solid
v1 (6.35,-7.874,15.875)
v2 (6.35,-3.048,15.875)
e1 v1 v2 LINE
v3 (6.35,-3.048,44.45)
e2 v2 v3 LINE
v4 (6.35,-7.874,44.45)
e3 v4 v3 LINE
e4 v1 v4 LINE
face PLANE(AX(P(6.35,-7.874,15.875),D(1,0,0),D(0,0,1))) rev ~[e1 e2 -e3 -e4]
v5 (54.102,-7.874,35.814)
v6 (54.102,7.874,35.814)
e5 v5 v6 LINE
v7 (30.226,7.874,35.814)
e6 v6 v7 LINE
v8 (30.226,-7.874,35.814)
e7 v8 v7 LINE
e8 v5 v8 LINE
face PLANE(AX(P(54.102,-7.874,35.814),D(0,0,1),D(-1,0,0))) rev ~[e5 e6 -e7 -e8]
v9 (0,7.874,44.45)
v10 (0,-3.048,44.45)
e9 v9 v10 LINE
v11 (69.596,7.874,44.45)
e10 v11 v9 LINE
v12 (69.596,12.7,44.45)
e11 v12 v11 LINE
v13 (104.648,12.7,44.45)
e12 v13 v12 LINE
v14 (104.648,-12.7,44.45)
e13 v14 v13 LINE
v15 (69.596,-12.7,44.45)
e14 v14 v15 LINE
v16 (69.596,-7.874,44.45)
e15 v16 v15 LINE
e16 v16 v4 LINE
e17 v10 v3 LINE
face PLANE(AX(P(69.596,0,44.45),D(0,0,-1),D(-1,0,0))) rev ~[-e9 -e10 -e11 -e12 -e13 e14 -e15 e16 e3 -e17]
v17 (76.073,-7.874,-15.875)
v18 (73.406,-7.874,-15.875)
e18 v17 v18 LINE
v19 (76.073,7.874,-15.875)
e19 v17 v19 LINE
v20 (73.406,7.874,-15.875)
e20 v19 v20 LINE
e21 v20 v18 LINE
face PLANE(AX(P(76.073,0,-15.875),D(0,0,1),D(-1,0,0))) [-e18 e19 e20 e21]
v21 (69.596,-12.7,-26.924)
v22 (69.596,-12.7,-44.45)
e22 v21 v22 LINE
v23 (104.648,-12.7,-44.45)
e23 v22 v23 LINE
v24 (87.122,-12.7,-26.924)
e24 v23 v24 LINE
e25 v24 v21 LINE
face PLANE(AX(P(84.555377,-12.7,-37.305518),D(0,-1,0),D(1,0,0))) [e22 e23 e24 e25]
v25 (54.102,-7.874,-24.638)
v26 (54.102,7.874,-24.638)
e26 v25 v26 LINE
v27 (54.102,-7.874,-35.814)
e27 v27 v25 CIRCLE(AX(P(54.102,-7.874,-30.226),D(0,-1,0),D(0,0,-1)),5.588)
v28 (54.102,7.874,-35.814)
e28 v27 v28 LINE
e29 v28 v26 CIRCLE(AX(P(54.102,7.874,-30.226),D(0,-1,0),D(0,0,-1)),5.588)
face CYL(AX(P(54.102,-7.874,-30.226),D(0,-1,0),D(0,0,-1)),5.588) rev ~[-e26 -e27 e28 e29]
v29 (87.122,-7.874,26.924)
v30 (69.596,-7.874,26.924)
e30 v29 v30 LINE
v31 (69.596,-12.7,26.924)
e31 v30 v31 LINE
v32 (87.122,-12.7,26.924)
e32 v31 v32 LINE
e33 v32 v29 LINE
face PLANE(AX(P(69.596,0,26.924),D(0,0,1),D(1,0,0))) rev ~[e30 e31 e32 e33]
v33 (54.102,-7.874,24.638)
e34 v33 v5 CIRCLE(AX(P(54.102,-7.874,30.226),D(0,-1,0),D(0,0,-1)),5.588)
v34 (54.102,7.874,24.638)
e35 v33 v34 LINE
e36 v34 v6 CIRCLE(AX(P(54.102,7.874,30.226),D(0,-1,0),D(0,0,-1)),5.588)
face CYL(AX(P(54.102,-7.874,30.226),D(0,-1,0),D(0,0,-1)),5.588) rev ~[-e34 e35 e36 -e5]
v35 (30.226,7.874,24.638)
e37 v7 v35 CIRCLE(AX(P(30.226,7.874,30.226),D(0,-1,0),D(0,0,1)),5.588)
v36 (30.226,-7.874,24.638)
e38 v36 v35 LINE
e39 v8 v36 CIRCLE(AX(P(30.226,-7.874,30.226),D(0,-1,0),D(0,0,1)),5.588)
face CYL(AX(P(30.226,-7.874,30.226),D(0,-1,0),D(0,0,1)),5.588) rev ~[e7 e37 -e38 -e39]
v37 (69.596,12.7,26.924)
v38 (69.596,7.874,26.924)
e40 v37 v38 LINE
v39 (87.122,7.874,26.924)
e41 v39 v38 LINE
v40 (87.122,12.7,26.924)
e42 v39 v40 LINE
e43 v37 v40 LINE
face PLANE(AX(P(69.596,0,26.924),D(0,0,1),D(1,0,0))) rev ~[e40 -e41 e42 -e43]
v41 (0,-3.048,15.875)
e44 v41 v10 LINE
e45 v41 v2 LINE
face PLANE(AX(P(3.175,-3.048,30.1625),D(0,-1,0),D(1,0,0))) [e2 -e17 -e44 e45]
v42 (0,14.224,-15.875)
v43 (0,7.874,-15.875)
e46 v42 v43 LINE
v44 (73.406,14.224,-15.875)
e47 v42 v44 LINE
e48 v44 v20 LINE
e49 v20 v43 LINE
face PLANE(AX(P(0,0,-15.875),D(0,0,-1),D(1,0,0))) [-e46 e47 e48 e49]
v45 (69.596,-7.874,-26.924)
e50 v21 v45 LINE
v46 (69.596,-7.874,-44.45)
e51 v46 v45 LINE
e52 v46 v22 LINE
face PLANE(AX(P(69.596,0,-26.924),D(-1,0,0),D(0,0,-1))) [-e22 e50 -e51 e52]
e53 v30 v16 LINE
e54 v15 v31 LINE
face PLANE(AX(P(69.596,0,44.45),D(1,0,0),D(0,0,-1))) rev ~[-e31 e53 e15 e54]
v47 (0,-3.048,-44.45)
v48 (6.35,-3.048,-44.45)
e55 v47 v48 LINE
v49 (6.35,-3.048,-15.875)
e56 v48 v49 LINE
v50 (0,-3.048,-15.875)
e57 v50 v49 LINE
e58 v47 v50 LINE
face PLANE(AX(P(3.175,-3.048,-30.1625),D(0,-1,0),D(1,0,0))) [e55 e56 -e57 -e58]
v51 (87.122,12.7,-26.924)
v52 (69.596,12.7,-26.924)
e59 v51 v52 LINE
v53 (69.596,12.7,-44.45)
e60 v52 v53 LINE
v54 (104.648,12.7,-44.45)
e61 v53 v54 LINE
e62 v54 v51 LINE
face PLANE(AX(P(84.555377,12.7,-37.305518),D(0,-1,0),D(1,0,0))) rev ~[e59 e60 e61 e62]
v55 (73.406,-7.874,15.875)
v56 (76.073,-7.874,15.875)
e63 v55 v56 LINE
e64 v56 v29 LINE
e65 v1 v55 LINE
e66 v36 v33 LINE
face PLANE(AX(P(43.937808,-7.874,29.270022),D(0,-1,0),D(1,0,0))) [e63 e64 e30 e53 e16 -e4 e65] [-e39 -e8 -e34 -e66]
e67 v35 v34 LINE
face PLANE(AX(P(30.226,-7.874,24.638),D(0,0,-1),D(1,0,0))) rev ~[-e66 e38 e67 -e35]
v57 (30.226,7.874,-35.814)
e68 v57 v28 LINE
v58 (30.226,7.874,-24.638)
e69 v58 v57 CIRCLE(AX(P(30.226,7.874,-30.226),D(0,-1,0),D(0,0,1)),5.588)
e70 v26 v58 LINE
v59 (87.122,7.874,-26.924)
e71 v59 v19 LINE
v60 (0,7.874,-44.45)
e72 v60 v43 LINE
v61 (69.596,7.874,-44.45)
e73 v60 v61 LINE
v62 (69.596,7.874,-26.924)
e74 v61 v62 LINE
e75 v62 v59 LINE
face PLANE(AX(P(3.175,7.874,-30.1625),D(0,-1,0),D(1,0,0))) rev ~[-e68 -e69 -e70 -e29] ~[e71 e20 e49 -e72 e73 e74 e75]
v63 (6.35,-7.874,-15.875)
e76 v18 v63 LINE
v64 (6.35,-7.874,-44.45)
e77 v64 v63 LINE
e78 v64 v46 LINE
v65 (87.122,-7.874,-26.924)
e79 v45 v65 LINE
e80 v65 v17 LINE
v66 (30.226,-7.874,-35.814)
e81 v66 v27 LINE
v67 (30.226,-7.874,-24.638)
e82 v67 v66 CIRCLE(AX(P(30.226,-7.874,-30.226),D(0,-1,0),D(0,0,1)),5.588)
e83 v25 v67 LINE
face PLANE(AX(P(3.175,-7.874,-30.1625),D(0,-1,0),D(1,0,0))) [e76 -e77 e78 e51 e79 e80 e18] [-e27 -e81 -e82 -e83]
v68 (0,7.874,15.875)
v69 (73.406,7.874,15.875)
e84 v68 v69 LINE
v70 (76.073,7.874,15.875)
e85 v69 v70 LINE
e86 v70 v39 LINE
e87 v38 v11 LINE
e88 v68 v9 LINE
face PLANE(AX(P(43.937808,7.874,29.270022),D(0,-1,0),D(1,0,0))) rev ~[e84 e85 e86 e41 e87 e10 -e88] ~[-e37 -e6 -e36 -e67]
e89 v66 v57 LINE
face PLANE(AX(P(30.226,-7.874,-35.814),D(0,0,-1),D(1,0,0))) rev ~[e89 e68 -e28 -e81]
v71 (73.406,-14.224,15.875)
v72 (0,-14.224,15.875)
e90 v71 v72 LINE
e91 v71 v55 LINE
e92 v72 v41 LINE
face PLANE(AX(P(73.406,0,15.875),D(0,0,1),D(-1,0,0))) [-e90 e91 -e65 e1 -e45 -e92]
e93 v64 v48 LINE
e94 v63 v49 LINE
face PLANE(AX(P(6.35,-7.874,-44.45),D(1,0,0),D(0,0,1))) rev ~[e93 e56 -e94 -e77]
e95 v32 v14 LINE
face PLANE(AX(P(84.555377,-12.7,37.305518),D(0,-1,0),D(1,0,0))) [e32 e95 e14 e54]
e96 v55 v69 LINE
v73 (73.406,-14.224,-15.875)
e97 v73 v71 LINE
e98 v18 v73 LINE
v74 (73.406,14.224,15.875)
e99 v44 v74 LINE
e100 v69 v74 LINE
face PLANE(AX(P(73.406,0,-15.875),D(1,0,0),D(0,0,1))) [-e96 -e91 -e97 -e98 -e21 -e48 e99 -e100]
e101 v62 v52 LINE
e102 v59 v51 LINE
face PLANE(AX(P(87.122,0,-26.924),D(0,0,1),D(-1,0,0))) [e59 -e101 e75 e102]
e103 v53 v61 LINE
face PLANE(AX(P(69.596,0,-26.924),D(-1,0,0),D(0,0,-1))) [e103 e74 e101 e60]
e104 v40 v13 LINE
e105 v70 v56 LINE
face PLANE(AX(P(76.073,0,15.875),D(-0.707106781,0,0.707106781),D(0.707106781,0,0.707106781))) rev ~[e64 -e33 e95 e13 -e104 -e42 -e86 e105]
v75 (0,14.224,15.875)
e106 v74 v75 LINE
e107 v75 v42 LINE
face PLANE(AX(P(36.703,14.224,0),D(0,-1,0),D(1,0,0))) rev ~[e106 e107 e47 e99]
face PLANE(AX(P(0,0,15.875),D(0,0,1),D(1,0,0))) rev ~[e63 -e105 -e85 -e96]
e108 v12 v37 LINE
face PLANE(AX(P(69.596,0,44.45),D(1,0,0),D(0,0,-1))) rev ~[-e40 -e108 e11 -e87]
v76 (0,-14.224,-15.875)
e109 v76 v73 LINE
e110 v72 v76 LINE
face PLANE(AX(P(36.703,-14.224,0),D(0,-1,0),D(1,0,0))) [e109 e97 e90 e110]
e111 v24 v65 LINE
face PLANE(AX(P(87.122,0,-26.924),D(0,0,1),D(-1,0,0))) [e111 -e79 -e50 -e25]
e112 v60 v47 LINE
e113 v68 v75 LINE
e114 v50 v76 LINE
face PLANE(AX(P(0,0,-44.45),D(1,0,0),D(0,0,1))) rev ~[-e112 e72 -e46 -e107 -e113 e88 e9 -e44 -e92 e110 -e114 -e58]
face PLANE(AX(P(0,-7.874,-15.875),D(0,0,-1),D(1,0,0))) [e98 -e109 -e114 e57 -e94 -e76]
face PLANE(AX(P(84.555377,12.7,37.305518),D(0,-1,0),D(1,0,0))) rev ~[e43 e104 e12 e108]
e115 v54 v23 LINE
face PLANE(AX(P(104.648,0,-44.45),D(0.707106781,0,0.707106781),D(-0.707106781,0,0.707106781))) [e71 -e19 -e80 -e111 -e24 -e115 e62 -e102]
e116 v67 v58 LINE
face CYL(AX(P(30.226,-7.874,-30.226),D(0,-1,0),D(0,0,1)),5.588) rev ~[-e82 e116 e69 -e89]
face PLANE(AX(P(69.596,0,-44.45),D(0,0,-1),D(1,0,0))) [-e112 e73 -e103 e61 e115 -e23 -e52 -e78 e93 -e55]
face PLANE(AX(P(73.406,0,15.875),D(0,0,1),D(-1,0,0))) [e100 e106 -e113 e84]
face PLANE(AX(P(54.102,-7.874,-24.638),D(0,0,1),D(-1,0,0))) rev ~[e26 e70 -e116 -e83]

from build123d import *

# Parameters (mm, degrees)
F3_DEPTH = 14.224
F2_W     = 6.35
F2_H     = 28.575
F4_DEPTH = 7.874
F5_DEPTH = 12.7
F6_W     = 6.35
F6_H     = 28.575
F7_DEPTH = 4.826
F9_DEPTH = 25.4


with BuildPart() as f3:
    # F2 (on Front) → F3 (new body, symmetric)
    with BuildSketch(Plane.XZ):
        Polygon((6.35, 15.875), (0, 15.875), (0, -15.875), (6.35, -15.875), (73.406, -15.875), (73.406, 15.875), align=None)
    extrude(amount=F3_DEPTH, both=True)

    # F2 (on Front) → F4 (join, symmetric)
    with BuildSketch(Plane.XZ):
        Polygon((69.596, 44.45), (6.35, 44.45), (6.35, 15.875), (73.406, 15.875), (76.073, 15.875), (87.122, 26.924), (69.596, 26.924), align=None)
        with Locations((3.175, 30.1625)):
            Rectangle(F2_W, F2_H)
        with Locations((3.175, -30.1625)):
            Rectangle(F2_W, F2_H)
        Polygon((73.406, -15.875), (6.35, -15.875), (6.35, -44.45), (69.596, -44.45), (69.596, -26.924), (87.122, -26.924), (76.073, -15.875), align=None)
    extrude(amount=F4_DEPTH, both=True)

    # F2 (on Front) → F5 (join, symmetric)
    with BuildSketch(Plane.XZ):
        Polygon((104.648, 44.45), (69.596, 44.45), (69.596, 26.924), (87.122, 26.924), align=None)
        Polygon((69.596, -26.924), (69.596, -44.45), (104.648, -44.45), (87.122, -26.924), align=None)
    extrude(amount=F5_DEPTH, both=True)

    # F6 (on face) → F7 (cut)
    with BuildSketch(Plane.XZ.offset(7.874)):
        with Locations((3.175, 30.1625)):
            Rectangle(F6_W, F6_H)
        with Locations((3.175, -30.1625)):
            Rectangle(F6_W, F6_H)
    extrude(amount=-F7_DEPTH, mode=Mode.SUBTRACT)

    # F8 (on face) → F9 (cut)
    with BuildSketch(Plane.XZ.offset(7.874)):
        with BuildLine():
            ThreePointArc((30.226, 35.814), (24.638, 30.226), (30.226, 24.638))
            Line((30.226, 24.638), (54.102, 24.638))
            ThreePointArc((54.102, 24.638), (59.69, 30.226), (54.102, 35.814))
            Line((54.102, 35.814), (30.226, 35.814))
        make_face()
        with BuildLine():
            ThreePointArc((30.226, -24.638), (24.638, -30.226), (30.226, -35.814))
            Line((30.226, -35.814), (54.102, -35.814))
            ThreePointArc((54.102, -35.814), (59.69, -30.226), (54.102, -24.638))
            Line((54.102, -24.638), (30.226, -24.638))
        make_face()
    extrude(amount=-F9_DEPTH, mode=Mode.SUBTRACT)


solid = f3.part
